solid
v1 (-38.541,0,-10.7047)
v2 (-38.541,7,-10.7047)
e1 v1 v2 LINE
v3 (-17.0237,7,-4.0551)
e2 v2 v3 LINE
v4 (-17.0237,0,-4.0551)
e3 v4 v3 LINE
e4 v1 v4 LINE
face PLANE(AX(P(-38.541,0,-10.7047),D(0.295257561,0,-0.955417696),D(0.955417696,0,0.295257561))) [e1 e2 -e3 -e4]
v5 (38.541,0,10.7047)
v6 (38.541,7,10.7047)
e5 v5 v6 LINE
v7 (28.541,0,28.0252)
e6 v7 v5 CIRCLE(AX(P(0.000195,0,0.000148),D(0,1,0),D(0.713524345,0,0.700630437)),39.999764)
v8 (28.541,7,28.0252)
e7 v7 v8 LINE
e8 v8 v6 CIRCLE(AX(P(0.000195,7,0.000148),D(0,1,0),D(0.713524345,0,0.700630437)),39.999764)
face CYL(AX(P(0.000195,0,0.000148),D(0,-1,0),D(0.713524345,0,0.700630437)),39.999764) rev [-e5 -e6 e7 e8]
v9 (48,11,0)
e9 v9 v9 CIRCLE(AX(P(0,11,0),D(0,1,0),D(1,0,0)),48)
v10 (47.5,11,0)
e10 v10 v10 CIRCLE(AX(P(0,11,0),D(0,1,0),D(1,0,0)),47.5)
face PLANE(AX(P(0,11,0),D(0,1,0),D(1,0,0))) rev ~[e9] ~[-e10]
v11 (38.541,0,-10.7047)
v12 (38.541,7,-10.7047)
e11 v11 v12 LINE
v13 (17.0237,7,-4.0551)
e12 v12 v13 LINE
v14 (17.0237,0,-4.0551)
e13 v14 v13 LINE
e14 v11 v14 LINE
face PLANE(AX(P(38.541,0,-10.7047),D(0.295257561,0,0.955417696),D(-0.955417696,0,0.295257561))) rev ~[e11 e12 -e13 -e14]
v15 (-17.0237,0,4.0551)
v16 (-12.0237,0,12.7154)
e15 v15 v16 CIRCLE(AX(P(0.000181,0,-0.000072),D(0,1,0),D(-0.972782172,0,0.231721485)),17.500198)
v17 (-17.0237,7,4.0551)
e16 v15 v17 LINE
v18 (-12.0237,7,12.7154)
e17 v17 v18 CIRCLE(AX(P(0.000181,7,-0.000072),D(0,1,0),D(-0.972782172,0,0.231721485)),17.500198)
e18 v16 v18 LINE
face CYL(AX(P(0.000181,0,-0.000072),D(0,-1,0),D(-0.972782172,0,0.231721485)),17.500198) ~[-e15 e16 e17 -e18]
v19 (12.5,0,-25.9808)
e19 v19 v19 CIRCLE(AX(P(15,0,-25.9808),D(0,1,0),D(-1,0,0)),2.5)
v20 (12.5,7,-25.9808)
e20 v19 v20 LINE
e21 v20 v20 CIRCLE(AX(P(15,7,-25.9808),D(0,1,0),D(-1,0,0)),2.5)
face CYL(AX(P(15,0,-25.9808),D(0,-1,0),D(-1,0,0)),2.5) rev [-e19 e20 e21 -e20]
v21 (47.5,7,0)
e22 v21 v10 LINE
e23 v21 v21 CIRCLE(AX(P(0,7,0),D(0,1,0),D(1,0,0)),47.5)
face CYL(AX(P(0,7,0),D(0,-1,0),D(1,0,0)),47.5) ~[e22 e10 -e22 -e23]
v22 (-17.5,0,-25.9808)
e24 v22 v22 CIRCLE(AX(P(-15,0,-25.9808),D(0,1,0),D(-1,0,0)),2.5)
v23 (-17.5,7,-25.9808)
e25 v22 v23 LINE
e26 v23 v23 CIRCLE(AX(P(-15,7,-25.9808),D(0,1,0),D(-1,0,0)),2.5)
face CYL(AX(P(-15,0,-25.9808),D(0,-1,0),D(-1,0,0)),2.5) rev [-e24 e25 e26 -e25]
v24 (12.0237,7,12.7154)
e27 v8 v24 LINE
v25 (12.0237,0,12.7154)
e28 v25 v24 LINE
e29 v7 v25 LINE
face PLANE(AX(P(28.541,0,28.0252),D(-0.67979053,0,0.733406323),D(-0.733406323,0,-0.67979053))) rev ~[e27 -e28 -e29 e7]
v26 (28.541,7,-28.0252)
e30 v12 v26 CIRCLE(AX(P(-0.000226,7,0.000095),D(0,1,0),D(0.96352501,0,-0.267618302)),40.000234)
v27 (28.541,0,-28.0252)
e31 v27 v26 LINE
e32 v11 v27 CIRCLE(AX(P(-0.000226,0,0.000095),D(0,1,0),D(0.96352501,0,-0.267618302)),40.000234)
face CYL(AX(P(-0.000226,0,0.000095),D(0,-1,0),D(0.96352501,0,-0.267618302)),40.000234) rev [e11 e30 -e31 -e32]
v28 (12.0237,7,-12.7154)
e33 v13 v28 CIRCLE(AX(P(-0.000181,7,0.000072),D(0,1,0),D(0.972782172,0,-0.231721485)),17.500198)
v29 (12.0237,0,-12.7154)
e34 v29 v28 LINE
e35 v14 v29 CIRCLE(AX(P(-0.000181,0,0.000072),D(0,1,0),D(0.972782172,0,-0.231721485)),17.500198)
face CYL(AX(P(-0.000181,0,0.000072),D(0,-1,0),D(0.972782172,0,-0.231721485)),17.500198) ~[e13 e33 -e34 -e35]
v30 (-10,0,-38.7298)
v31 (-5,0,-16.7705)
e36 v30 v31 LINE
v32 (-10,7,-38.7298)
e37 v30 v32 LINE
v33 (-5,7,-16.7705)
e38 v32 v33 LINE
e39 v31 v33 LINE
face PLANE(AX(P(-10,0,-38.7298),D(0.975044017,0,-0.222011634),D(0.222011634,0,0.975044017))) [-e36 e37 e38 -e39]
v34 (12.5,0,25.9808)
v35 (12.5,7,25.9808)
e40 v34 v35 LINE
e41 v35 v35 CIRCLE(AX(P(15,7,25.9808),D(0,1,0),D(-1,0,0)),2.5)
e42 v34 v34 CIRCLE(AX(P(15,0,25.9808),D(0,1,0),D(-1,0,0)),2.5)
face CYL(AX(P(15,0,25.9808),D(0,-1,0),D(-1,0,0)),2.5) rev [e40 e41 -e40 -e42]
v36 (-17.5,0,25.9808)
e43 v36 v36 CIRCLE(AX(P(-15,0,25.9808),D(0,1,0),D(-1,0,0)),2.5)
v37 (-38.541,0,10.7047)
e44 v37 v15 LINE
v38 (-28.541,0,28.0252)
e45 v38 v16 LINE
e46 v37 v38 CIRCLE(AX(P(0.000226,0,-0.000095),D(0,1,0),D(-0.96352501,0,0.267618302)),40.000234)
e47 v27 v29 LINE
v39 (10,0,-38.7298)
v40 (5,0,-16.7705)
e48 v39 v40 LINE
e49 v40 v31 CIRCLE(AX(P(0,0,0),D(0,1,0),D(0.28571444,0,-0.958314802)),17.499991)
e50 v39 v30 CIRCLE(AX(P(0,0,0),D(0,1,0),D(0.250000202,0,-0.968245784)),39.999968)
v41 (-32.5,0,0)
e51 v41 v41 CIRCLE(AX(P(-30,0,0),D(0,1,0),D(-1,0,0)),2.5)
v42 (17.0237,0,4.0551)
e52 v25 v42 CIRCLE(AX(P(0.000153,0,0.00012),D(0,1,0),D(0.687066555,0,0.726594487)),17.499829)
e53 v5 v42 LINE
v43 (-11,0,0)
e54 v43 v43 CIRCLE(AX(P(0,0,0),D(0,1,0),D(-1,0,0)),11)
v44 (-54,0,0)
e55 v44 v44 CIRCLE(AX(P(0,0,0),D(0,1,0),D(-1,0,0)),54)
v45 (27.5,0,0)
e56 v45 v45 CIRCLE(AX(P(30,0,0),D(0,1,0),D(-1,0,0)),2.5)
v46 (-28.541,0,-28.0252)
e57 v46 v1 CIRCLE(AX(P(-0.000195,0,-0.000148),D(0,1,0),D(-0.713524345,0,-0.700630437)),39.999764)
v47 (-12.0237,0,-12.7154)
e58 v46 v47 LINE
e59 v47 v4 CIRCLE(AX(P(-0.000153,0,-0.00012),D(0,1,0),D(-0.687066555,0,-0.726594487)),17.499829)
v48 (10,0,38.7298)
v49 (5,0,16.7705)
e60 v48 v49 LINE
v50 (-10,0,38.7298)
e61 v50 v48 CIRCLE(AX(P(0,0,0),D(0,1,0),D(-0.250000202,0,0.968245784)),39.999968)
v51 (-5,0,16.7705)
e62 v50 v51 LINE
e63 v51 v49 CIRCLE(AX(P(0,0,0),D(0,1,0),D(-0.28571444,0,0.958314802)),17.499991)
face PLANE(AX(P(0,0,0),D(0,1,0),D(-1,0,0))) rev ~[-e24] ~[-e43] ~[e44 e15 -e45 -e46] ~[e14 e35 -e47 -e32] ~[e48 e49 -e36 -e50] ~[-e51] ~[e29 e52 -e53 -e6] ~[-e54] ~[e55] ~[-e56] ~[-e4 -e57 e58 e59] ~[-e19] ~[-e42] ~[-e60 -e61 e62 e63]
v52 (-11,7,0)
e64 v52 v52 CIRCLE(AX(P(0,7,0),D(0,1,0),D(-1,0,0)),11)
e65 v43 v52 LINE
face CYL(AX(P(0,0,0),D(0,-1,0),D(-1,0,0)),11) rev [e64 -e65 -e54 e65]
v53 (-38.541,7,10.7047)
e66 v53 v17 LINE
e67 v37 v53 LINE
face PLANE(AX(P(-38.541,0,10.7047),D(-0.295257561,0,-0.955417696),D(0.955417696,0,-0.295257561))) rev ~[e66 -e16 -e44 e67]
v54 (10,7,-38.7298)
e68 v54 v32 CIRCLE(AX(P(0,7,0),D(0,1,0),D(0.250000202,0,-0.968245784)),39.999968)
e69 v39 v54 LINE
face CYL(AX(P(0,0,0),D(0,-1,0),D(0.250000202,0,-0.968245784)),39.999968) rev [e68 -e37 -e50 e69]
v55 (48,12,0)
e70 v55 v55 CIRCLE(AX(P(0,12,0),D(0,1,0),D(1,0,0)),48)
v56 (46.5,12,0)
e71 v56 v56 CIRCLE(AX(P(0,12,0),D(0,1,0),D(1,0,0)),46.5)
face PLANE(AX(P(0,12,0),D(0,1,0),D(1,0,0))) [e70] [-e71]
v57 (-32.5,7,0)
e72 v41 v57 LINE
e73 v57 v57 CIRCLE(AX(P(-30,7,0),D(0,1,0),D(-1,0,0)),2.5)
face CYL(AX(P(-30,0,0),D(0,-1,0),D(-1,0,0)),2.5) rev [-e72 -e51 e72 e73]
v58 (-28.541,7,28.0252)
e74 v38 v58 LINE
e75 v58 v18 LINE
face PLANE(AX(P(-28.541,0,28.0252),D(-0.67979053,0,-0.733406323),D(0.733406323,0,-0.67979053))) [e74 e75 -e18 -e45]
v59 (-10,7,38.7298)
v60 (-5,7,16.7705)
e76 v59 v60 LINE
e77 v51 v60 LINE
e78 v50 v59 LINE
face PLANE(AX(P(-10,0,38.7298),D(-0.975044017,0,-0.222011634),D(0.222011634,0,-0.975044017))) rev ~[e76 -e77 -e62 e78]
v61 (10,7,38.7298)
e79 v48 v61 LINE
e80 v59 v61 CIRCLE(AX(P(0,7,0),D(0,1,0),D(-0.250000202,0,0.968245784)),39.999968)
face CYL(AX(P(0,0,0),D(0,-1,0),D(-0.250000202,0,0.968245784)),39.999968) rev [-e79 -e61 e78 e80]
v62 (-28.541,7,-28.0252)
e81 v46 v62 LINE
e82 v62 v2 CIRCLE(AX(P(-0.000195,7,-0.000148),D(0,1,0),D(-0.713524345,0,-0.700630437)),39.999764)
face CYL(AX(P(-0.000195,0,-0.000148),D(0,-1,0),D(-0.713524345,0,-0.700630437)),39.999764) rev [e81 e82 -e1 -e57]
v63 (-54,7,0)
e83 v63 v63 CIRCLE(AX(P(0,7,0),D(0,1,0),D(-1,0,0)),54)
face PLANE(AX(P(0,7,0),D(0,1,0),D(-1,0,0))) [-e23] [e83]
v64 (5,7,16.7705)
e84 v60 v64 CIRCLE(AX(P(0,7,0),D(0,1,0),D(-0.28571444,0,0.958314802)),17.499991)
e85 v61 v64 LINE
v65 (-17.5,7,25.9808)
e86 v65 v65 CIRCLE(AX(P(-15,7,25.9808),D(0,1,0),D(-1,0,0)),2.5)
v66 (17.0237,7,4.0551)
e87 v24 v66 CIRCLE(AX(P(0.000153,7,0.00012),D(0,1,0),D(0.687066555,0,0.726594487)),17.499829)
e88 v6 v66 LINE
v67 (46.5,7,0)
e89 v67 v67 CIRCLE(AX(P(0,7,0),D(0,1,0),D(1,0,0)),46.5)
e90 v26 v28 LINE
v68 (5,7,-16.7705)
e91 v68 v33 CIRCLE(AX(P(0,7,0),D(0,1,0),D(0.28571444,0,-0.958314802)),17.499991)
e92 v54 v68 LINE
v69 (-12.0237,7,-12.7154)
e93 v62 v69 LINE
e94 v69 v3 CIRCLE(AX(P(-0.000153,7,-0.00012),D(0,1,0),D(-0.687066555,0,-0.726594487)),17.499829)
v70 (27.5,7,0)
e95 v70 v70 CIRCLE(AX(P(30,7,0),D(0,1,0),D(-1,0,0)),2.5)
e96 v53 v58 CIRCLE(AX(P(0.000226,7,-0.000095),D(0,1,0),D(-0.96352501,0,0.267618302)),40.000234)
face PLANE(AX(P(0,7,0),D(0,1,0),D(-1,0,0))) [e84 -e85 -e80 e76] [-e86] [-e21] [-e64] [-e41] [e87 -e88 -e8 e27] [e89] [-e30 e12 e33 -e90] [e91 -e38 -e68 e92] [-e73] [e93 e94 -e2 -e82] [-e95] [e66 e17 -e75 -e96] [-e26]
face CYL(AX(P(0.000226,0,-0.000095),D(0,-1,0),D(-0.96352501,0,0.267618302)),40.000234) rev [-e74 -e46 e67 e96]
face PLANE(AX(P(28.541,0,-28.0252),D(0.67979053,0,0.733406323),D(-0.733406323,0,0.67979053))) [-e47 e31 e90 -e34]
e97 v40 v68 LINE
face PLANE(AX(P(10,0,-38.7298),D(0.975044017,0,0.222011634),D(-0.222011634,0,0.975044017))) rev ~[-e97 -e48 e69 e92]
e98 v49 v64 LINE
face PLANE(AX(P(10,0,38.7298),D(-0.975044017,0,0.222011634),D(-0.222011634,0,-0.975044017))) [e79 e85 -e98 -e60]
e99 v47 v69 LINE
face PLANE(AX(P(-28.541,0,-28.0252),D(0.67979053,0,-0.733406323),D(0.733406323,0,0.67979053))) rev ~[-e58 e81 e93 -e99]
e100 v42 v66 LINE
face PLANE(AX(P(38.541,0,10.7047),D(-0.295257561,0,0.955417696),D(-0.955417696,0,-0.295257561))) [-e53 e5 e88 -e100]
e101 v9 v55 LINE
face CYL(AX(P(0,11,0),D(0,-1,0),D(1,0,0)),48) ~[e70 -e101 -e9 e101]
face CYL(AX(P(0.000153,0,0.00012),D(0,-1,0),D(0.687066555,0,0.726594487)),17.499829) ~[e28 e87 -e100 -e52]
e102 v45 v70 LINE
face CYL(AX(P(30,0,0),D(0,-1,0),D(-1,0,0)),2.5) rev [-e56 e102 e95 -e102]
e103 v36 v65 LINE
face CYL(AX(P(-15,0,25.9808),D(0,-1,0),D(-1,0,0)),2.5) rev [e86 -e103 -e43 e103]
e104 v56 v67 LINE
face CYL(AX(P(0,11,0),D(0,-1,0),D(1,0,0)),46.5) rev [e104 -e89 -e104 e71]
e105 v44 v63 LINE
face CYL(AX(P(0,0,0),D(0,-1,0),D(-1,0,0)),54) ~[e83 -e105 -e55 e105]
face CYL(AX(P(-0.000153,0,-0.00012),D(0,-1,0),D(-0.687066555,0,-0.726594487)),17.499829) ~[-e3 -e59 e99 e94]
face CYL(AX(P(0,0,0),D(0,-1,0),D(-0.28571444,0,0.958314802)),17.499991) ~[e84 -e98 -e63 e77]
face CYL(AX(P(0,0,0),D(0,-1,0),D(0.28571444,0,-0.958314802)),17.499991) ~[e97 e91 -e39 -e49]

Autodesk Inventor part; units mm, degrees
ref_plane "YZ Plane" through (0, 0, 0) normal (1, 0, 0) x (0, 1, 0)
ref_plane "XZ Plane" through (0, 0, 0) normal (0, 1, 0) x (-1, 0, 0)
ref_plane "XY Plane" through (0, 0, 0) normal (0, 0, 1) x (1, 0, 0)
sketch "Sketch3" plane through (0, 0, 0) normal (0, 1, 0) x (-1, 0, 0)
  circle A0 centre (0, 0) radius 11
  circle A1 centre (0, 0) radius 17.5 construction
  circle A2 centre (0, 0) radius 40 construction
  circle A3 centre (0, 0) radius 54
  line L0 (-10, 38.7298) -> (-5, 16.7705)
  line L1 (10, 38.7298) -> (5, 16.7705)
  arc A4 (10, 38.7298) -> (-10, 38.7298) centre (0, 0) ccw
  arc A5 (5, 16.7705) -> (-5, 16.7705) centre (0, 0) ccw
  circle A6 centre (0, 0) radius 30 construction
  line L2 (7.7787, 28.974) -> (21.2029, 21.2235) construction
  line L3 (14.4908, 25.0988) -> (15, 25.9808) construction
  circle A7 centre (15, 25.9808) radius 2.5
  circle A8 centre (-15, 25.9808) radius 2.5
  circle A9 centre (-30, 0) radius 2.5
  circle A10 centre (-15, -25.9808) radius 2.5
  circle A11 centre (15, -25.9808) radius 2.5
  circle A12 centre (30, 0) radius 2.5
  arc A13 (-28.541, 28.0252) -> (-38.541, 10.7047) centre (0, 0) ccw
  line L4 (-28.541, 28.0252) -> (-12.0237, 12.7154)
  line L5 (-38.541, 10.7047) -> (-17.0237, 4.0551)
  arc A14 (-12.0237, 12.7154) -> (-17.0237, 4.0551) centre (0, 0) ccw
  arc A15 (-38.541, -10.7047) -> (-28.541, -28.0252) centre (0, 0) ccw
  line L6 (-38.541, -10.7047) -> (-17.0237, -4.0551)
  line L7 (-28.541, -28.0252) -> (-12.0237, -12.7154)
  arc A16 (-17.0237, -4.0551) -> (-12.0237, -12.7154) centre (0, 0) ccw
  arc A17 (-10, -38.7298) -> (10, -38.7298) centre (0, 0) ccw
  line L8 (-10, -38.7298) -> (-5, -16.7705)
  line L9 (10, -38.7298) -> (5, -16.7705)
  arc A18 (-5, -16.7705) -> (5, -16.7705) centre (0, 0) ccw
  arc A19 (28.541, -28.0252) -> (38.541, -10.7047) centre (0, 0) ccw
  line L10 (28.541, -28.0252) -> (12.0237, -12.7154)
  line L11 (38.541, -10.7047) -> (17.0237, -4.0551)
  arc A20 (12.0237, -12.7154) -> (17.0237, -4.0551) centre (0, 0) ccw
  arc A21 (38.541, 10.7047) -> (28.541, 28.0252) centre (0, 0) ccw
  line L12 (38.541, 10.7047) -> (17.0237, 4.0551)
  line L13 (28.541, 28.0252) -> (12.0237, 12.7154)
  arc A22 (17.0237, 4.0551) -> (12.0237, 12.7154) centre (0, 0) ccw
  point P0 (-21.2029, 21.2235)
  point P1 (-28.9815, -7.7505)
  point P2 (-7.7787, -28.974)
  point P3 (21.2029, -21.2235)
  point P4 (28.9815, 7.7505)
  dimension "d16" = 22
  dimension "d17" = 35
  dimension "d18" = 80
  dimension "d19" = 108
  dimension "d20" = 10
  dimension "d21" = 5
  dimension "d22" = 10
  dimension "d23" = 5
  dimension "d28" = 60
  dimension "d29" = 5
  dimension "d32" = 360
  dimension "d38" = 360
extrude "Extrusion4" add sketch "Sketch3" along normal blind 7
sketch "Sketch4" plane through (0, 7, 0) normal (0, 1, 0) x (1, 0, 0)
  circle A0 centre (0, 0) radius 47.5
  circle A1 centre (0, 0) radius 46.5
  dimension "d42" = 95
  dimension "d43" = 93
extrude "Extrusion5" add sketch "Sketch4" along normal blind 4
sketch "Sketch6" plane through (0, 11, 0) normal (0, 1, 0) x (1, 0, 0)
  circle A0 centre (0, 0) radius 46.5 projected
  circle A1 centre (0, 0) radius 48
  dimension "d49" = 96
extrude "Extrusion7" add sketch "Sketch6" along normal blind 1
properties part number "Flexspline" material "ABS Plastic"
